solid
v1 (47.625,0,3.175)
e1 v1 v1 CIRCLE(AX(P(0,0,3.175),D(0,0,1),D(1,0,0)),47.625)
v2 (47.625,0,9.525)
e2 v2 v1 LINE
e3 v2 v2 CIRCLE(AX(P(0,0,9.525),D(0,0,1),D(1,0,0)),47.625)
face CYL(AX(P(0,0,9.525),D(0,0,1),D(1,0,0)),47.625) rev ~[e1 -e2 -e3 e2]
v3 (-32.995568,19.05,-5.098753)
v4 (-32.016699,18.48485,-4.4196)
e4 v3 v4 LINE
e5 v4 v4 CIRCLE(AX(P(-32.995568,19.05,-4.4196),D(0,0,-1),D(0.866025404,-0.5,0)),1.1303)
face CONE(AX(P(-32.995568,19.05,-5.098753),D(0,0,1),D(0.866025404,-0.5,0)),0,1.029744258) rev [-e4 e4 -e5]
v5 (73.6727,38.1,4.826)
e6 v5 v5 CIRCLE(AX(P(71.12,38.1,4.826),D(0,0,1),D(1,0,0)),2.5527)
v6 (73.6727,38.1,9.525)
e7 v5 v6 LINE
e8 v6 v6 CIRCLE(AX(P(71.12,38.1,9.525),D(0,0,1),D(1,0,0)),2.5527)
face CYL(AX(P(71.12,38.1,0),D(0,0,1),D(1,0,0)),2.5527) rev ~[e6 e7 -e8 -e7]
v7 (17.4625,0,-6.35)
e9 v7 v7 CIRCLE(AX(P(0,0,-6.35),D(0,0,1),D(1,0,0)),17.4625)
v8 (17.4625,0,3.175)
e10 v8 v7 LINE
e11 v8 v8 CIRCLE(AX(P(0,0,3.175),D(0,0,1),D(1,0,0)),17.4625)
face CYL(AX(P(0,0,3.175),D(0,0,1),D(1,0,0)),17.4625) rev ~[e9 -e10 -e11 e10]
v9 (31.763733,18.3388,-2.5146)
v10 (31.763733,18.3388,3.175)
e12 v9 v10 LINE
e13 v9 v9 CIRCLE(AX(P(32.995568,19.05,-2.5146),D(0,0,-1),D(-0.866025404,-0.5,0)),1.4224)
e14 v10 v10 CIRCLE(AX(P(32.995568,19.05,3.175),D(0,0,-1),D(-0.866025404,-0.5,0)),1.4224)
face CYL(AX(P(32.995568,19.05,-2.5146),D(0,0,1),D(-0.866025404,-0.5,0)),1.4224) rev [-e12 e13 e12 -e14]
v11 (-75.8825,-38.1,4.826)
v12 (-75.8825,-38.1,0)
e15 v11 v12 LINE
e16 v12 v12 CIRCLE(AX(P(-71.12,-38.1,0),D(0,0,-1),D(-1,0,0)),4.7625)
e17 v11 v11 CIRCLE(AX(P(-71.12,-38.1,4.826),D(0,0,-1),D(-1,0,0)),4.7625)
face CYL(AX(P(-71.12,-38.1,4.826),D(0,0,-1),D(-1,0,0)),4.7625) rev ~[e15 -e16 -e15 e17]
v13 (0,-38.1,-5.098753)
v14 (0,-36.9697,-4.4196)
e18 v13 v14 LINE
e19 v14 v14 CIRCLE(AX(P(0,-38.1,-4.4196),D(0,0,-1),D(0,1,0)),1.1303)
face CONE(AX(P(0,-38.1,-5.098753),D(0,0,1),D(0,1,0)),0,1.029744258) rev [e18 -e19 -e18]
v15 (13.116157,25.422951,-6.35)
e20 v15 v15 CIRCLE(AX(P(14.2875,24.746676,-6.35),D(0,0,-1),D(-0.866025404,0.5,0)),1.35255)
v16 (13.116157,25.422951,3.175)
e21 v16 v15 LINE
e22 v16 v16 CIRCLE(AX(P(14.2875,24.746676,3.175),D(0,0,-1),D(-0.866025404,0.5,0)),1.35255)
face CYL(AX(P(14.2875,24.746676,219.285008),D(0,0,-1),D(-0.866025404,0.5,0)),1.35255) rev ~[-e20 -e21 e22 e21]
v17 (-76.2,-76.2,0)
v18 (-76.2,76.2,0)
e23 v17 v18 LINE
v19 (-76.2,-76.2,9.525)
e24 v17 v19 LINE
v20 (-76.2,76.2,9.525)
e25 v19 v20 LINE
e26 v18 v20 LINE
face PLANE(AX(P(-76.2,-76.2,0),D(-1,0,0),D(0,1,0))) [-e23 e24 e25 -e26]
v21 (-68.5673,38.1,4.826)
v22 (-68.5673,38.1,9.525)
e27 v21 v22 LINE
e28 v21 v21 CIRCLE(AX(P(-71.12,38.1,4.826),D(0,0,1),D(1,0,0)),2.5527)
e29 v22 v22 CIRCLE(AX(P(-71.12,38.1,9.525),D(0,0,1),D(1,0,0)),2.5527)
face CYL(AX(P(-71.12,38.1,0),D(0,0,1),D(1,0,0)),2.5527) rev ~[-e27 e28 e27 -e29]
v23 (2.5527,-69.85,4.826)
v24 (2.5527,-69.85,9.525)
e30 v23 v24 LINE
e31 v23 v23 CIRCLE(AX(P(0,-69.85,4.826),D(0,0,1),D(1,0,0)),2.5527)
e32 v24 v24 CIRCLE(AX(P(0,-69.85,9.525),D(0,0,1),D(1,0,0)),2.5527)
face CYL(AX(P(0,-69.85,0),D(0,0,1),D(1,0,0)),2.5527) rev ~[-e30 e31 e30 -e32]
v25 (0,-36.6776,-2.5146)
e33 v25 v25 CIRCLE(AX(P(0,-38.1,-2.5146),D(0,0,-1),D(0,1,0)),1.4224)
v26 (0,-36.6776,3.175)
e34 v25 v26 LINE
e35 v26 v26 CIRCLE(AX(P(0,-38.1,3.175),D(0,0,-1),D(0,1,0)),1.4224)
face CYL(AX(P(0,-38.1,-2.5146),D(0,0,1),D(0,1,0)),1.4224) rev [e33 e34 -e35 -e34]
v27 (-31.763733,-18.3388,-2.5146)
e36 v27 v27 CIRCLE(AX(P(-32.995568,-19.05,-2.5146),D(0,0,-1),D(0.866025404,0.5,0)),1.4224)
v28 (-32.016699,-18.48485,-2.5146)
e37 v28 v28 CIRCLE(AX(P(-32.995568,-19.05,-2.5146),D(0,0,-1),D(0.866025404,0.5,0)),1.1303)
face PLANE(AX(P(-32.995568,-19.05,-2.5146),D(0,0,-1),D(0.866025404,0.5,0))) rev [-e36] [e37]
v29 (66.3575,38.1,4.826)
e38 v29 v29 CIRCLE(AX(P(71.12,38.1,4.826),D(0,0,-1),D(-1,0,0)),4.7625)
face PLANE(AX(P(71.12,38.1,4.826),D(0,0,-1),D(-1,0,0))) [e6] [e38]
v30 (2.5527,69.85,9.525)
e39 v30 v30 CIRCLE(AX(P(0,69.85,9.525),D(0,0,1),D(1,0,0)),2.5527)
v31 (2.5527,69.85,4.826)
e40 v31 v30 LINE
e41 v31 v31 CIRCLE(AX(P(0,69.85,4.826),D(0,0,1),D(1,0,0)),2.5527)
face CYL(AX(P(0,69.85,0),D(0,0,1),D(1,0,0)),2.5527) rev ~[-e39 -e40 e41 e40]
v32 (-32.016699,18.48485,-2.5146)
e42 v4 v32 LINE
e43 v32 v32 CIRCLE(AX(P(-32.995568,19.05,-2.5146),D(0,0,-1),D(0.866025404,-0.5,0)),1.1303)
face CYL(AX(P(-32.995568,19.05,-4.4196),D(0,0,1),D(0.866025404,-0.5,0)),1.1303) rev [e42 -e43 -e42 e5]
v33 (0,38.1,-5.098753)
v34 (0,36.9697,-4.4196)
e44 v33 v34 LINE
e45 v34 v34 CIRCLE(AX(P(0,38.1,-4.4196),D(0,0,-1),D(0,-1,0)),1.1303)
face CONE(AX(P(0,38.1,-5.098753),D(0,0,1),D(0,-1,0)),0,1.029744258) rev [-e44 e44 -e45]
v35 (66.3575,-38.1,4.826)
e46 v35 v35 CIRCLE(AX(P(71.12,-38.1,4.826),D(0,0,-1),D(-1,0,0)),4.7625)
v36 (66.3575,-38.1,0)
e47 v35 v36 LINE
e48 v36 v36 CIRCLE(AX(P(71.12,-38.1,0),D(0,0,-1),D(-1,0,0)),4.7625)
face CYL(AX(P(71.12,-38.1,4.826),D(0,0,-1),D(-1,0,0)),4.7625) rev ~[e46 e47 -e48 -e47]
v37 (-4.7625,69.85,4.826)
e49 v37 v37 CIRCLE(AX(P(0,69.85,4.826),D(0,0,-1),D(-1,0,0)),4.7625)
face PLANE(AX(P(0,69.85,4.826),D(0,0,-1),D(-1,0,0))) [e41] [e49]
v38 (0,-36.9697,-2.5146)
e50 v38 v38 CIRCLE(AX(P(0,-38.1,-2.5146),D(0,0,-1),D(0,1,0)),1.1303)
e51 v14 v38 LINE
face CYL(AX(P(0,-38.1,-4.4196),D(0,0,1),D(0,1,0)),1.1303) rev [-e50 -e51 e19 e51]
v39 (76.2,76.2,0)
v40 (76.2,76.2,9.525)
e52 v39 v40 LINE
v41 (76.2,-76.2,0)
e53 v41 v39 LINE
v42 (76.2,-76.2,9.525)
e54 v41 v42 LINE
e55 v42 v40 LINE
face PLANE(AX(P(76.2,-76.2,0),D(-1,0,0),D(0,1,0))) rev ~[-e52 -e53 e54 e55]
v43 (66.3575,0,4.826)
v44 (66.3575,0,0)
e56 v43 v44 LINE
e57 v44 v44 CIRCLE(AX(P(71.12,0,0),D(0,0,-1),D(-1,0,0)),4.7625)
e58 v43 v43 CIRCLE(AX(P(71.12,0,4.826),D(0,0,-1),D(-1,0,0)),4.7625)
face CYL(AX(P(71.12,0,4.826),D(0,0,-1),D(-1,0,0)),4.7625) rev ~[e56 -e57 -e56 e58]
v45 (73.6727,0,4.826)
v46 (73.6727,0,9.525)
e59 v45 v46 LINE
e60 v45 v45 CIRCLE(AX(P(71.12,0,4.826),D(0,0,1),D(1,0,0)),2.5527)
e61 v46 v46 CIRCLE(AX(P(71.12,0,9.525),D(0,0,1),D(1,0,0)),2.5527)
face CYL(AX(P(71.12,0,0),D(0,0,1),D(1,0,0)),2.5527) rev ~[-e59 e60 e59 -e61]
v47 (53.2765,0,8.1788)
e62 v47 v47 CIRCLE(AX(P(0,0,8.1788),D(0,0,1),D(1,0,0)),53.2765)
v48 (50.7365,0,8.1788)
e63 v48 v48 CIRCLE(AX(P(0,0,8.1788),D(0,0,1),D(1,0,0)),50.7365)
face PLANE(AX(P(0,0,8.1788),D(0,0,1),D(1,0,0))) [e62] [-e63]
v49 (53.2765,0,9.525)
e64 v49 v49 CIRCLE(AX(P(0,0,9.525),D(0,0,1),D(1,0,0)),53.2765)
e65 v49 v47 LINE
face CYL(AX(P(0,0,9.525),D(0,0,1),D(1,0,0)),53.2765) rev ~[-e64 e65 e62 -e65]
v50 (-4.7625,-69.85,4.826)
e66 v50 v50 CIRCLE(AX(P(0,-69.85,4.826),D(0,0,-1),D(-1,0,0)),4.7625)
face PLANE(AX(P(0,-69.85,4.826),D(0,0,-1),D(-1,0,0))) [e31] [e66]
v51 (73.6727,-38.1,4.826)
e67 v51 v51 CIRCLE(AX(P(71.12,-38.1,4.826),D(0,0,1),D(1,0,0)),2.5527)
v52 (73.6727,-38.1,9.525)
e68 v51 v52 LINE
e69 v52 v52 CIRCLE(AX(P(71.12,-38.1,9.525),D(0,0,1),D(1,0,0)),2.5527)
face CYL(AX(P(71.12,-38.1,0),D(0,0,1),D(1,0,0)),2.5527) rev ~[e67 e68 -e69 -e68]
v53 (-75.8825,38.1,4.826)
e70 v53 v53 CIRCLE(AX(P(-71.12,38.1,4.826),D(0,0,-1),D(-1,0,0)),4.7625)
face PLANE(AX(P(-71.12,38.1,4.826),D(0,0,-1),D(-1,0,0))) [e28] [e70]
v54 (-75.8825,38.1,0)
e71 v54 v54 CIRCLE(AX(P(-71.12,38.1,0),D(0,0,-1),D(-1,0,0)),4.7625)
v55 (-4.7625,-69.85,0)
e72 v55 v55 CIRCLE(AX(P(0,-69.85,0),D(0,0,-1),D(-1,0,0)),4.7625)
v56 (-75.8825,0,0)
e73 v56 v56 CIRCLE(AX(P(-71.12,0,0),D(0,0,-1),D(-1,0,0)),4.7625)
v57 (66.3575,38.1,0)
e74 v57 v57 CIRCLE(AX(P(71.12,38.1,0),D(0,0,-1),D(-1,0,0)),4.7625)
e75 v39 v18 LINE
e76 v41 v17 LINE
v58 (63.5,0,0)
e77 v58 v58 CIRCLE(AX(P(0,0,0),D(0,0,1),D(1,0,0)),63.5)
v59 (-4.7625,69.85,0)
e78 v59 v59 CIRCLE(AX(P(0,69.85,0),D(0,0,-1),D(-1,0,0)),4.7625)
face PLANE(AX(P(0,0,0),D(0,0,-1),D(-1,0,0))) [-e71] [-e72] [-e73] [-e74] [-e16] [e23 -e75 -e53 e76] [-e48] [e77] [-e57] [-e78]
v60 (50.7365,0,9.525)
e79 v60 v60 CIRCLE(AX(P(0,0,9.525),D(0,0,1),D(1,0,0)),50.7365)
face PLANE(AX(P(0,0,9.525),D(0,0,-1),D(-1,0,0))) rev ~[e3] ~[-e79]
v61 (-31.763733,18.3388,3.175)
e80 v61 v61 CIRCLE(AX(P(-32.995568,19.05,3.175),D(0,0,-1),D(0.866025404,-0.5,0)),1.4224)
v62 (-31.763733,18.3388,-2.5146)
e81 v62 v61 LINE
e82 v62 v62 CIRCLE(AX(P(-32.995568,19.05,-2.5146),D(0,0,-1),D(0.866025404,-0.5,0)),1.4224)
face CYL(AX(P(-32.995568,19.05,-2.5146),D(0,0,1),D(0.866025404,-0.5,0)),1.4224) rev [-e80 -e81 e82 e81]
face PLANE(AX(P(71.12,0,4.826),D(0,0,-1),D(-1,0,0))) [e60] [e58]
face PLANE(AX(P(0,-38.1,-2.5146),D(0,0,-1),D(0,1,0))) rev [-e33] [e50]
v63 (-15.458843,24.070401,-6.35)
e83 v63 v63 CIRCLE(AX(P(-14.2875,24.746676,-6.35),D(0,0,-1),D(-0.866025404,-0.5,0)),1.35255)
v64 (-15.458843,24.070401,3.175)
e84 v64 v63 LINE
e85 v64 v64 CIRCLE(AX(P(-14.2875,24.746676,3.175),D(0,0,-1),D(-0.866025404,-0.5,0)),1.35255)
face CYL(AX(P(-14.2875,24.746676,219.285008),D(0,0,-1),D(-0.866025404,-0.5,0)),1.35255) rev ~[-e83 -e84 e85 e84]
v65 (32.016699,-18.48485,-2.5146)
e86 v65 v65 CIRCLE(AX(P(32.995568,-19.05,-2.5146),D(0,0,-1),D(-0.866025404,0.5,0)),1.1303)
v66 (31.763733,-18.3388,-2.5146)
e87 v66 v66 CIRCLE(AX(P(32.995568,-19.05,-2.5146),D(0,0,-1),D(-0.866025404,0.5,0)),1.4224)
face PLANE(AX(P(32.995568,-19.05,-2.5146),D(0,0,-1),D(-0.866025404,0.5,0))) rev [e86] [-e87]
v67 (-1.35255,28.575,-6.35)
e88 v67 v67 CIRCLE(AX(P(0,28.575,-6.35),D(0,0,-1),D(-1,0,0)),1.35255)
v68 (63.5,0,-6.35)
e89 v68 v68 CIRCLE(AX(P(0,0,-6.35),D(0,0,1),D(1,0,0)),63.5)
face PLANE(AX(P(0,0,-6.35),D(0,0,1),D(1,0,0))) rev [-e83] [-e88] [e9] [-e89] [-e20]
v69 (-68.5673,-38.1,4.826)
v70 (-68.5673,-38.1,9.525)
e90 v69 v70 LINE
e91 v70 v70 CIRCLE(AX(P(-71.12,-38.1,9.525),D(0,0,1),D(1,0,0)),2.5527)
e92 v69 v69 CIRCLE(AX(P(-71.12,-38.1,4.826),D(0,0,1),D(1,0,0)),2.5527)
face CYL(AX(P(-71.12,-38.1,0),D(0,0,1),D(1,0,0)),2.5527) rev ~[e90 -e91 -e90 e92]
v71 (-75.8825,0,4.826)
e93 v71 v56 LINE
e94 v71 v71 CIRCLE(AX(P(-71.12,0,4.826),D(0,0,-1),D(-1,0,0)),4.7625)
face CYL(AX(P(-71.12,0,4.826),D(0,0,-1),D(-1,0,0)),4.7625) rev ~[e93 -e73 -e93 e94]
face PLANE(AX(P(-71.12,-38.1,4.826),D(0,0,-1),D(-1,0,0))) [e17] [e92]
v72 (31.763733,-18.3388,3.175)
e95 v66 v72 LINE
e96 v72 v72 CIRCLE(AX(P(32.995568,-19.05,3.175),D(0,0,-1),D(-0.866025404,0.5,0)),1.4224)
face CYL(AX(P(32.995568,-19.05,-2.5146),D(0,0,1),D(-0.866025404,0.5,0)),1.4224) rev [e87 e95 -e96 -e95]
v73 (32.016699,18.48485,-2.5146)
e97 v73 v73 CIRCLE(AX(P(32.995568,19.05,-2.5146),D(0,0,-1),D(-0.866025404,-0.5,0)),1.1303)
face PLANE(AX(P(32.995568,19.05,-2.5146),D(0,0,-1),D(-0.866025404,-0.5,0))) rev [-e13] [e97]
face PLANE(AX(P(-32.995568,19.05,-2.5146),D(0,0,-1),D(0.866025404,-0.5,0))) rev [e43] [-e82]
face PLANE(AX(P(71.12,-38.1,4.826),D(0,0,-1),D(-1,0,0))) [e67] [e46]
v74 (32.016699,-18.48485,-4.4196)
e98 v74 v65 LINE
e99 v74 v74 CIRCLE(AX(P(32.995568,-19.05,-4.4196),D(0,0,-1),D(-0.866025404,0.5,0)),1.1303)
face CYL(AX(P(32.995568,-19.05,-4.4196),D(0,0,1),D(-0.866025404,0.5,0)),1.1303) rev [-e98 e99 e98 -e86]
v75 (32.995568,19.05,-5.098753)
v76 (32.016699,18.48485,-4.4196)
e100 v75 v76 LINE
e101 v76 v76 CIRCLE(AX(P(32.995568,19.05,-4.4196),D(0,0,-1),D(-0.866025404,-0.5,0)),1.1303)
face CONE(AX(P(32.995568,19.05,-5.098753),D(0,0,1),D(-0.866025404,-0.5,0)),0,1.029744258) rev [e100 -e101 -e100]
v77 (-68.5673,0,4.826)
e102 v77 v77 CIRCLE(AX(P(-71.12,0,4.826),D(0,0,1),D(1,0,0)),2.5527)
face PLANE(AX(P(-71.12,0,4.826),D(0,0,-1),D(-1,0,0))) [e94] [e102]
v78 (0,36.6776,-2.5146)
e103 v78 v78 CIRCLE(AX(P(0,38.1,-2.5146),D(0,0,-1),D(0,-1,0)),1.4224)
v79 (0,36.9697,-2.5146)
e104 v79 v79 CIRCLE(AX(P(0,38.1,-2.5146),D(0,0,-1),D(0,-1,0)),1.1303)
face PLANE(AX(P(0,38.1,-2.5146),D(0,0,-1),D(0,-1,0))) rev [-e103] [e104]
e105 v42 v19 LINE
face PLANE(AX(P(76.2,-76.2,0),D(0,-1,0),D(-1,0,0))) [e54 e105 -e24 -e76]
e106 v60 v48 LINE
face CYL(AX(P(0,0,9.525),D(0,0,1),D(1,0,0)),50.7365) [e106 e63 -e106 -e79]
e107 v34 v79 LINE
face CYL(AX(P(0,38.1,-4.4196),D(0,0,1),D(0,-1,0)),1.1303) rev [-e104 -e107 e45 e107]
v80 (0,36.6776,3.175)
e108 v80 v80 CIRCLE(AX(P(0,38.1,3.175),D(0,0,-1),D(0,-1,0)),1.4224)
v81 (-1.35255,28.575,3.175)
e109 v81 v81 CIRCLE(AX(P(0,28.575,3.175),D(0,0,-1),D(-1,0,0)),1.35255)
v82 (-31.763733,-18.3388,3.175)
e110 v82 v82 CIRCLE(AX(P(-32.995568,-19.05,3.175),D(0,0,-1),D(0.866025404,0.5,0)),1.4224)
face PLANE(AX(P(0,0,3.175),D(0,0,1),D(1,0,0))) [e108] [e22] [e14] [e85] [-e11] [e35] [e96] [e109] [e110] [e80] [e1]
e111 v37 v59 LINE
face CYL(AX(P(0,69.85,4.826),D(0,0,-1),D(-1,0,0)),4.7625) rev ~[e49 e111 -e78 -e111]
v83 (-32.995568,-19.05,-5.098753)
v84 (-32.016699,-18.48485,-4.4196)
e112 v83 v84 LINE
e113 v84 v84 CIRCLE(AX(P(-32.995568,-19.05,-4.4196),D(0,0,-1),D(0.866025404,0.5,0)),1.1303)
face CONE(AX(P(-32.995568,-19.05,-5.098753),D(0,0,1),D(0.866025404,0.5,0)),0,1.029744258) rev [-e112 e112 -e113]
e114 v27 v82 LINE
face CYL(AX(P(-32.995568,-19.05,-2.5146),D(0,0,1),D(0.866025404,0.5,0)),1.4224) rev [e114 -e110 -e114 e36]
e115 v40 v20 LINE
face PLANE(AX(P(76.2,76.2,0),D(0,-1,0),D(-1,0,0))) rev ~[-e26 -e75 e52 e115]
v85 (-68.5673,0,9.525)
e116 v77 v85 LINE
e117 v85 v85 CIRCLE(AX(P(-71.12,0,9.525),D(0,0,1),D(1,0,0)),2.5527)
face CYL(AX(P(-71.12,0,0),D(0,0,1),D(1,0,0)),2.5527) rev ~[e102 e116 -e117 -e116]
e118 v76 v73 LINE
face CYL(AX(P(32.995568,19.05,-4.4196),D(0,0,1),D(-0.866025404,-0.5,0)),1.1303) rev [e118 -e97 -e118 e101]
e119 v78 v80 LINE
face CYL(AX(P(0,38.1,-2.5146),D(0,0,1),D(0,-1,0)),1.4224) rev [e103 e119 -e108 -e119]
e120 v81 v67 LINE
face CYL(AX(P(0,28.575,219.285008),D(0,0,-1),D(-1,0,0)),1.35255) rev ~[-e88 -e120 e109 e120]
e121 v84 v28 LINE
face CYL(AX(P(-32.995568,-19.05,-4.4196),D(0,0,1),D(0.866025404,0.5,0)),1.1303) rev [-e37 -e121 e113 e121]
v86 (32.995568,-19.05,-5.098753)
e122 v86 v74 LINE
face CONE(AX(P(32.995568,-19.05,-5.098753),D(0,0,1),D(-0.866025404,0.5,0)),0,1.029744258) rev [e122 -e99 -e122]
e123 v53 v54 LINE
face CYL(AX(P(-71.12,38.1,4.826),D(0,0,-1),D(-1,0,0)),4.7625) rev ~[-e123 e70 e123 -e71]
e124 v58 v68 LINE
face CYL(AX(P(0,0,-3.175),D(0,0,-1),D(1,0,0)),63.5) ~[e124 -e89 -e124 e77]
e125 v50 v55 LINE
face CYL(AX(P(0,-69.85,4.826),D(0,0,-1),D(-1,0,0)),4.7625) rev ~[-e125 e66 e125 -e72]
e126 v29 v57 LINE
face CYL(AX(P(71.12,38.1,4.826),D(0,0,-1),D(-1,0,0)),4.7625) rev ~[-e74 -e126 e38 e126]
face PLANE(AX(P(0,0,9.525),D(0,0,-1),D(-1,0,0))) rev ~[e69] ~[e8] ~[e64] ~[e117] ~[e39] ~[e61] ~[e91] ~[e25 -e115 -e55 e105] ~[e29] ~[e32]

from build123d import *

# Parameters (mm, degrees)
SKETCH1_W                                       = 152.4
SKETCH1_H                                       = 152.4
BOSS_EXTRUDE1_DEPTH                             = 9.525
SKETCH4_W                                       = 63.5
SKETCH4_H                                       = 6.35
CBORE_FOR_10_SOCKET_HEAD_CAP_SCREW1_D           = 5.1054
CBORE_FOR_10_SOCKET_HEAD_CAP_SCREW1_CBORE_D     = 9.525
CBORE_FOR_10_SOCKET_HEAD_CAP_SCREW1_CBORE_DEPTH = 4.826
SKETCH22_R                                      = 47.625
CUT_EXTRUDE3_DEPTH                              = 6.35
SKETCH23_R                                      = 53.2765
SKETCH23_R_2                                    = 50.7365
CUT_EXTRUDE4_DEPTH                              = 1.3462
SKETCH24_R                                      = 17.4625
CUT_EXTRUDE5_DEPTH                              = 25.4
CIRPATTERN1_COUNT                               = 6
SKETCH28_R                                      = 0.635
CUT_EXTRUDE6_DEPTH                              = 10.525
F_6_32_TAPPED_HOLE1_D                           = 2.7051
CIRPATTERN2_COUNT                               = 2
CIRPATTERN2_ANGLE                               = 30
CIRPATTERN3_COUNT                               = 2
CIRPATTERN3_ANGLE                               = 30


with BuildPart() as part:
    # Sketch1 → Boss-Extrude1 (new body)
    with BuildSketch(Plane(origin=(0, 0, 0), x_dir=(-1, 0, 0), z_dir=(0, 0, -1))):
        Rectangle(SKETCH1_W, SKETCH1_H)
    extrude(amount=-BOSS_EXTRUDE1_DEPTH)

    # Sketch4 → Revolve1 (revolve)
    with BuildSketch(Plane(origin=(0, 0, 0), x_dir=(1, 0, 0), z_dir=(0, 1, 0))):
        with Locations((31.75, 3.175)):
            Rectangle(SKETCH4_W, SKETCH4_H)
    revolve(axis=Axis((0, 0, -6.35), (0, 0, 1)))

    # CBORE for #10 Socket Head Cap Screw1 (through all)
    with Locations(Plane(origin=(0, 0, 0), x_dir=(-1, 0, 0), z_dir=(0, 0, -1))):
        with Locations((71.12, 38.1), (71.12, -38.1), (-71.12, 38.1), (-71.12, -38.1), (0, 69.85), (0, -69.85), (71.12, 0), (-71.12, 0)):
            CounterBoreHole(CBORE_FOR_10_SOCKET_HEAD_CAP_SCREW1_D / 2, CBORE_FOR_10_SOCKET_HEAD_CAP_SCREW1_CBORE_D / 2, CBORE_FOR_10_SOCKET_HEAD_CAP_SCREW1_CBORE_DEPTH)

    # Sketch22 → Cut-Extrude3 (cut)
    with BuildSketch(Plane.XY.offset(9.525)):
        Circle(SKETCH22_R)
    extrude(amount=-CUT_EXTRUDE3_DEPTH, mode=Mode.SUBTRACT)

    # Sketch23 → Cut-Extrude4 (cut)
    with BuildSketch(Plane.XY.offset(9.525)):
        Circle(SKETCH23_R)
        Circle(SKETCH23_R_2, mode=Mode.SUBTRACT)
    extrude(amount=-CUT_EXTRUDE4_DEPTH, mode=Mode.SUBTRACT)

    # Sketch24 → Cut-Extrude5 (cut)
    with BuildSketch(Plane.XY.offset(3.175)):
        Circle(SKETCH24_R)
    extrude(amount=-CUT_EXTRUDE5_DEPTH, mode=Mode.SUBTRACT)

    # Sketch25 → #4-40 Tapped Hole1 (revolve, cut)
    with BuildSketch(Plane(origin=(0, 38.1, 3.175), x_dir=(0, -1, 0), z_dir=(1, 0, 0))):
        Polygon((0, 0), (0, 8.273752758), (1.1303, 7.5946), (1.1303, 5.6896), (1.4224, 5.6896), (1.4224, 0), align=None)
    f_4_40_tapped_hole1 = revolve(axis=Axis((0, 38.1, 9.525), (0, 0, -1)), mode=Mode.SUBTRACT)

    # CirPattern1: #4-40 Tapped Hole1 ×6 about axis
    cirpattern1_axis = Axis((0, 0, 0), (0, 0, 1))
    for i in range(1, CIRPATTERN1_COUNT):
        add(f_4_40_tapped_hole1.rotate(cirpattern1_axis, i * 360 / CIRPATTERN1_COUNT), mode=Mode.SUBTRACT)

    # Sketch28 → Cut-Extrude6 (cut, through all)
    with BuildSketch(Plane.XY.offset(3.175)):
        with Locations((0, 28.575)):
            Circle(SKETCH28_R)
    cut_extrude6 = extrude(amount=-CUT_EXTRUDE6_DEPTH, mode=Mode.SUBTRACT)

    # #6-32 Tapped Hole1 (through all)
    with Locations(Plane.XY.offset(3.175)):
        with Locations((0, 28.575)):
            f_6_32_tapped_hole1 = Hole(F_6_32_TAPPED_HOLE1_D / 2)

    # CirPattern2: Cut-Extrude6, #6-32 Tapped Hole1 ×2 about axis
    cirpattern2_axis = Axis((0, 0, 3.175), (0, 0, -1))
    for i in range(1, CIRPATTERN2_COUNT):
        add(cut_extrude6.rotate(cirpattern2_axis, i * CIRPATTERN2_ANGLE / (CIRPATTERN2_COUNT - 1)), mode=Mode.SUBTRACT)
        add(f_6_32_tapped_hole1.rotate(cirpattern2_axis, i * CIRPATTERN2_ANGLE / (CIRPATTERN2_COUNT - 1)), mode=Mode.SUBTRACT)

    # CirPattern3: Cut-Extrude6, #6-32 Tapped Hole1 ×2 about axis
    cirpattern3_axis = Axis((0, 0, 3.175), (0, 0, 1))
    for i in range(1, CIRPATTERN3_COUNT):
        add(cut_extrude6.rotate(cirpattern3_axis, i * CIRPATTERN3_ANGLE / (CIRPATTERN3_COUNT - 1)), mode=Mode.SUBTRACT)
        add(f_6_32_tapped_hole1.rotate(cirpattern3_axis, i * CIRPATTERN3_ANGLE / (CIRPATTERN3_COUNT - 1)), mode=Mode.SUBTRACT)


solid = part.part
